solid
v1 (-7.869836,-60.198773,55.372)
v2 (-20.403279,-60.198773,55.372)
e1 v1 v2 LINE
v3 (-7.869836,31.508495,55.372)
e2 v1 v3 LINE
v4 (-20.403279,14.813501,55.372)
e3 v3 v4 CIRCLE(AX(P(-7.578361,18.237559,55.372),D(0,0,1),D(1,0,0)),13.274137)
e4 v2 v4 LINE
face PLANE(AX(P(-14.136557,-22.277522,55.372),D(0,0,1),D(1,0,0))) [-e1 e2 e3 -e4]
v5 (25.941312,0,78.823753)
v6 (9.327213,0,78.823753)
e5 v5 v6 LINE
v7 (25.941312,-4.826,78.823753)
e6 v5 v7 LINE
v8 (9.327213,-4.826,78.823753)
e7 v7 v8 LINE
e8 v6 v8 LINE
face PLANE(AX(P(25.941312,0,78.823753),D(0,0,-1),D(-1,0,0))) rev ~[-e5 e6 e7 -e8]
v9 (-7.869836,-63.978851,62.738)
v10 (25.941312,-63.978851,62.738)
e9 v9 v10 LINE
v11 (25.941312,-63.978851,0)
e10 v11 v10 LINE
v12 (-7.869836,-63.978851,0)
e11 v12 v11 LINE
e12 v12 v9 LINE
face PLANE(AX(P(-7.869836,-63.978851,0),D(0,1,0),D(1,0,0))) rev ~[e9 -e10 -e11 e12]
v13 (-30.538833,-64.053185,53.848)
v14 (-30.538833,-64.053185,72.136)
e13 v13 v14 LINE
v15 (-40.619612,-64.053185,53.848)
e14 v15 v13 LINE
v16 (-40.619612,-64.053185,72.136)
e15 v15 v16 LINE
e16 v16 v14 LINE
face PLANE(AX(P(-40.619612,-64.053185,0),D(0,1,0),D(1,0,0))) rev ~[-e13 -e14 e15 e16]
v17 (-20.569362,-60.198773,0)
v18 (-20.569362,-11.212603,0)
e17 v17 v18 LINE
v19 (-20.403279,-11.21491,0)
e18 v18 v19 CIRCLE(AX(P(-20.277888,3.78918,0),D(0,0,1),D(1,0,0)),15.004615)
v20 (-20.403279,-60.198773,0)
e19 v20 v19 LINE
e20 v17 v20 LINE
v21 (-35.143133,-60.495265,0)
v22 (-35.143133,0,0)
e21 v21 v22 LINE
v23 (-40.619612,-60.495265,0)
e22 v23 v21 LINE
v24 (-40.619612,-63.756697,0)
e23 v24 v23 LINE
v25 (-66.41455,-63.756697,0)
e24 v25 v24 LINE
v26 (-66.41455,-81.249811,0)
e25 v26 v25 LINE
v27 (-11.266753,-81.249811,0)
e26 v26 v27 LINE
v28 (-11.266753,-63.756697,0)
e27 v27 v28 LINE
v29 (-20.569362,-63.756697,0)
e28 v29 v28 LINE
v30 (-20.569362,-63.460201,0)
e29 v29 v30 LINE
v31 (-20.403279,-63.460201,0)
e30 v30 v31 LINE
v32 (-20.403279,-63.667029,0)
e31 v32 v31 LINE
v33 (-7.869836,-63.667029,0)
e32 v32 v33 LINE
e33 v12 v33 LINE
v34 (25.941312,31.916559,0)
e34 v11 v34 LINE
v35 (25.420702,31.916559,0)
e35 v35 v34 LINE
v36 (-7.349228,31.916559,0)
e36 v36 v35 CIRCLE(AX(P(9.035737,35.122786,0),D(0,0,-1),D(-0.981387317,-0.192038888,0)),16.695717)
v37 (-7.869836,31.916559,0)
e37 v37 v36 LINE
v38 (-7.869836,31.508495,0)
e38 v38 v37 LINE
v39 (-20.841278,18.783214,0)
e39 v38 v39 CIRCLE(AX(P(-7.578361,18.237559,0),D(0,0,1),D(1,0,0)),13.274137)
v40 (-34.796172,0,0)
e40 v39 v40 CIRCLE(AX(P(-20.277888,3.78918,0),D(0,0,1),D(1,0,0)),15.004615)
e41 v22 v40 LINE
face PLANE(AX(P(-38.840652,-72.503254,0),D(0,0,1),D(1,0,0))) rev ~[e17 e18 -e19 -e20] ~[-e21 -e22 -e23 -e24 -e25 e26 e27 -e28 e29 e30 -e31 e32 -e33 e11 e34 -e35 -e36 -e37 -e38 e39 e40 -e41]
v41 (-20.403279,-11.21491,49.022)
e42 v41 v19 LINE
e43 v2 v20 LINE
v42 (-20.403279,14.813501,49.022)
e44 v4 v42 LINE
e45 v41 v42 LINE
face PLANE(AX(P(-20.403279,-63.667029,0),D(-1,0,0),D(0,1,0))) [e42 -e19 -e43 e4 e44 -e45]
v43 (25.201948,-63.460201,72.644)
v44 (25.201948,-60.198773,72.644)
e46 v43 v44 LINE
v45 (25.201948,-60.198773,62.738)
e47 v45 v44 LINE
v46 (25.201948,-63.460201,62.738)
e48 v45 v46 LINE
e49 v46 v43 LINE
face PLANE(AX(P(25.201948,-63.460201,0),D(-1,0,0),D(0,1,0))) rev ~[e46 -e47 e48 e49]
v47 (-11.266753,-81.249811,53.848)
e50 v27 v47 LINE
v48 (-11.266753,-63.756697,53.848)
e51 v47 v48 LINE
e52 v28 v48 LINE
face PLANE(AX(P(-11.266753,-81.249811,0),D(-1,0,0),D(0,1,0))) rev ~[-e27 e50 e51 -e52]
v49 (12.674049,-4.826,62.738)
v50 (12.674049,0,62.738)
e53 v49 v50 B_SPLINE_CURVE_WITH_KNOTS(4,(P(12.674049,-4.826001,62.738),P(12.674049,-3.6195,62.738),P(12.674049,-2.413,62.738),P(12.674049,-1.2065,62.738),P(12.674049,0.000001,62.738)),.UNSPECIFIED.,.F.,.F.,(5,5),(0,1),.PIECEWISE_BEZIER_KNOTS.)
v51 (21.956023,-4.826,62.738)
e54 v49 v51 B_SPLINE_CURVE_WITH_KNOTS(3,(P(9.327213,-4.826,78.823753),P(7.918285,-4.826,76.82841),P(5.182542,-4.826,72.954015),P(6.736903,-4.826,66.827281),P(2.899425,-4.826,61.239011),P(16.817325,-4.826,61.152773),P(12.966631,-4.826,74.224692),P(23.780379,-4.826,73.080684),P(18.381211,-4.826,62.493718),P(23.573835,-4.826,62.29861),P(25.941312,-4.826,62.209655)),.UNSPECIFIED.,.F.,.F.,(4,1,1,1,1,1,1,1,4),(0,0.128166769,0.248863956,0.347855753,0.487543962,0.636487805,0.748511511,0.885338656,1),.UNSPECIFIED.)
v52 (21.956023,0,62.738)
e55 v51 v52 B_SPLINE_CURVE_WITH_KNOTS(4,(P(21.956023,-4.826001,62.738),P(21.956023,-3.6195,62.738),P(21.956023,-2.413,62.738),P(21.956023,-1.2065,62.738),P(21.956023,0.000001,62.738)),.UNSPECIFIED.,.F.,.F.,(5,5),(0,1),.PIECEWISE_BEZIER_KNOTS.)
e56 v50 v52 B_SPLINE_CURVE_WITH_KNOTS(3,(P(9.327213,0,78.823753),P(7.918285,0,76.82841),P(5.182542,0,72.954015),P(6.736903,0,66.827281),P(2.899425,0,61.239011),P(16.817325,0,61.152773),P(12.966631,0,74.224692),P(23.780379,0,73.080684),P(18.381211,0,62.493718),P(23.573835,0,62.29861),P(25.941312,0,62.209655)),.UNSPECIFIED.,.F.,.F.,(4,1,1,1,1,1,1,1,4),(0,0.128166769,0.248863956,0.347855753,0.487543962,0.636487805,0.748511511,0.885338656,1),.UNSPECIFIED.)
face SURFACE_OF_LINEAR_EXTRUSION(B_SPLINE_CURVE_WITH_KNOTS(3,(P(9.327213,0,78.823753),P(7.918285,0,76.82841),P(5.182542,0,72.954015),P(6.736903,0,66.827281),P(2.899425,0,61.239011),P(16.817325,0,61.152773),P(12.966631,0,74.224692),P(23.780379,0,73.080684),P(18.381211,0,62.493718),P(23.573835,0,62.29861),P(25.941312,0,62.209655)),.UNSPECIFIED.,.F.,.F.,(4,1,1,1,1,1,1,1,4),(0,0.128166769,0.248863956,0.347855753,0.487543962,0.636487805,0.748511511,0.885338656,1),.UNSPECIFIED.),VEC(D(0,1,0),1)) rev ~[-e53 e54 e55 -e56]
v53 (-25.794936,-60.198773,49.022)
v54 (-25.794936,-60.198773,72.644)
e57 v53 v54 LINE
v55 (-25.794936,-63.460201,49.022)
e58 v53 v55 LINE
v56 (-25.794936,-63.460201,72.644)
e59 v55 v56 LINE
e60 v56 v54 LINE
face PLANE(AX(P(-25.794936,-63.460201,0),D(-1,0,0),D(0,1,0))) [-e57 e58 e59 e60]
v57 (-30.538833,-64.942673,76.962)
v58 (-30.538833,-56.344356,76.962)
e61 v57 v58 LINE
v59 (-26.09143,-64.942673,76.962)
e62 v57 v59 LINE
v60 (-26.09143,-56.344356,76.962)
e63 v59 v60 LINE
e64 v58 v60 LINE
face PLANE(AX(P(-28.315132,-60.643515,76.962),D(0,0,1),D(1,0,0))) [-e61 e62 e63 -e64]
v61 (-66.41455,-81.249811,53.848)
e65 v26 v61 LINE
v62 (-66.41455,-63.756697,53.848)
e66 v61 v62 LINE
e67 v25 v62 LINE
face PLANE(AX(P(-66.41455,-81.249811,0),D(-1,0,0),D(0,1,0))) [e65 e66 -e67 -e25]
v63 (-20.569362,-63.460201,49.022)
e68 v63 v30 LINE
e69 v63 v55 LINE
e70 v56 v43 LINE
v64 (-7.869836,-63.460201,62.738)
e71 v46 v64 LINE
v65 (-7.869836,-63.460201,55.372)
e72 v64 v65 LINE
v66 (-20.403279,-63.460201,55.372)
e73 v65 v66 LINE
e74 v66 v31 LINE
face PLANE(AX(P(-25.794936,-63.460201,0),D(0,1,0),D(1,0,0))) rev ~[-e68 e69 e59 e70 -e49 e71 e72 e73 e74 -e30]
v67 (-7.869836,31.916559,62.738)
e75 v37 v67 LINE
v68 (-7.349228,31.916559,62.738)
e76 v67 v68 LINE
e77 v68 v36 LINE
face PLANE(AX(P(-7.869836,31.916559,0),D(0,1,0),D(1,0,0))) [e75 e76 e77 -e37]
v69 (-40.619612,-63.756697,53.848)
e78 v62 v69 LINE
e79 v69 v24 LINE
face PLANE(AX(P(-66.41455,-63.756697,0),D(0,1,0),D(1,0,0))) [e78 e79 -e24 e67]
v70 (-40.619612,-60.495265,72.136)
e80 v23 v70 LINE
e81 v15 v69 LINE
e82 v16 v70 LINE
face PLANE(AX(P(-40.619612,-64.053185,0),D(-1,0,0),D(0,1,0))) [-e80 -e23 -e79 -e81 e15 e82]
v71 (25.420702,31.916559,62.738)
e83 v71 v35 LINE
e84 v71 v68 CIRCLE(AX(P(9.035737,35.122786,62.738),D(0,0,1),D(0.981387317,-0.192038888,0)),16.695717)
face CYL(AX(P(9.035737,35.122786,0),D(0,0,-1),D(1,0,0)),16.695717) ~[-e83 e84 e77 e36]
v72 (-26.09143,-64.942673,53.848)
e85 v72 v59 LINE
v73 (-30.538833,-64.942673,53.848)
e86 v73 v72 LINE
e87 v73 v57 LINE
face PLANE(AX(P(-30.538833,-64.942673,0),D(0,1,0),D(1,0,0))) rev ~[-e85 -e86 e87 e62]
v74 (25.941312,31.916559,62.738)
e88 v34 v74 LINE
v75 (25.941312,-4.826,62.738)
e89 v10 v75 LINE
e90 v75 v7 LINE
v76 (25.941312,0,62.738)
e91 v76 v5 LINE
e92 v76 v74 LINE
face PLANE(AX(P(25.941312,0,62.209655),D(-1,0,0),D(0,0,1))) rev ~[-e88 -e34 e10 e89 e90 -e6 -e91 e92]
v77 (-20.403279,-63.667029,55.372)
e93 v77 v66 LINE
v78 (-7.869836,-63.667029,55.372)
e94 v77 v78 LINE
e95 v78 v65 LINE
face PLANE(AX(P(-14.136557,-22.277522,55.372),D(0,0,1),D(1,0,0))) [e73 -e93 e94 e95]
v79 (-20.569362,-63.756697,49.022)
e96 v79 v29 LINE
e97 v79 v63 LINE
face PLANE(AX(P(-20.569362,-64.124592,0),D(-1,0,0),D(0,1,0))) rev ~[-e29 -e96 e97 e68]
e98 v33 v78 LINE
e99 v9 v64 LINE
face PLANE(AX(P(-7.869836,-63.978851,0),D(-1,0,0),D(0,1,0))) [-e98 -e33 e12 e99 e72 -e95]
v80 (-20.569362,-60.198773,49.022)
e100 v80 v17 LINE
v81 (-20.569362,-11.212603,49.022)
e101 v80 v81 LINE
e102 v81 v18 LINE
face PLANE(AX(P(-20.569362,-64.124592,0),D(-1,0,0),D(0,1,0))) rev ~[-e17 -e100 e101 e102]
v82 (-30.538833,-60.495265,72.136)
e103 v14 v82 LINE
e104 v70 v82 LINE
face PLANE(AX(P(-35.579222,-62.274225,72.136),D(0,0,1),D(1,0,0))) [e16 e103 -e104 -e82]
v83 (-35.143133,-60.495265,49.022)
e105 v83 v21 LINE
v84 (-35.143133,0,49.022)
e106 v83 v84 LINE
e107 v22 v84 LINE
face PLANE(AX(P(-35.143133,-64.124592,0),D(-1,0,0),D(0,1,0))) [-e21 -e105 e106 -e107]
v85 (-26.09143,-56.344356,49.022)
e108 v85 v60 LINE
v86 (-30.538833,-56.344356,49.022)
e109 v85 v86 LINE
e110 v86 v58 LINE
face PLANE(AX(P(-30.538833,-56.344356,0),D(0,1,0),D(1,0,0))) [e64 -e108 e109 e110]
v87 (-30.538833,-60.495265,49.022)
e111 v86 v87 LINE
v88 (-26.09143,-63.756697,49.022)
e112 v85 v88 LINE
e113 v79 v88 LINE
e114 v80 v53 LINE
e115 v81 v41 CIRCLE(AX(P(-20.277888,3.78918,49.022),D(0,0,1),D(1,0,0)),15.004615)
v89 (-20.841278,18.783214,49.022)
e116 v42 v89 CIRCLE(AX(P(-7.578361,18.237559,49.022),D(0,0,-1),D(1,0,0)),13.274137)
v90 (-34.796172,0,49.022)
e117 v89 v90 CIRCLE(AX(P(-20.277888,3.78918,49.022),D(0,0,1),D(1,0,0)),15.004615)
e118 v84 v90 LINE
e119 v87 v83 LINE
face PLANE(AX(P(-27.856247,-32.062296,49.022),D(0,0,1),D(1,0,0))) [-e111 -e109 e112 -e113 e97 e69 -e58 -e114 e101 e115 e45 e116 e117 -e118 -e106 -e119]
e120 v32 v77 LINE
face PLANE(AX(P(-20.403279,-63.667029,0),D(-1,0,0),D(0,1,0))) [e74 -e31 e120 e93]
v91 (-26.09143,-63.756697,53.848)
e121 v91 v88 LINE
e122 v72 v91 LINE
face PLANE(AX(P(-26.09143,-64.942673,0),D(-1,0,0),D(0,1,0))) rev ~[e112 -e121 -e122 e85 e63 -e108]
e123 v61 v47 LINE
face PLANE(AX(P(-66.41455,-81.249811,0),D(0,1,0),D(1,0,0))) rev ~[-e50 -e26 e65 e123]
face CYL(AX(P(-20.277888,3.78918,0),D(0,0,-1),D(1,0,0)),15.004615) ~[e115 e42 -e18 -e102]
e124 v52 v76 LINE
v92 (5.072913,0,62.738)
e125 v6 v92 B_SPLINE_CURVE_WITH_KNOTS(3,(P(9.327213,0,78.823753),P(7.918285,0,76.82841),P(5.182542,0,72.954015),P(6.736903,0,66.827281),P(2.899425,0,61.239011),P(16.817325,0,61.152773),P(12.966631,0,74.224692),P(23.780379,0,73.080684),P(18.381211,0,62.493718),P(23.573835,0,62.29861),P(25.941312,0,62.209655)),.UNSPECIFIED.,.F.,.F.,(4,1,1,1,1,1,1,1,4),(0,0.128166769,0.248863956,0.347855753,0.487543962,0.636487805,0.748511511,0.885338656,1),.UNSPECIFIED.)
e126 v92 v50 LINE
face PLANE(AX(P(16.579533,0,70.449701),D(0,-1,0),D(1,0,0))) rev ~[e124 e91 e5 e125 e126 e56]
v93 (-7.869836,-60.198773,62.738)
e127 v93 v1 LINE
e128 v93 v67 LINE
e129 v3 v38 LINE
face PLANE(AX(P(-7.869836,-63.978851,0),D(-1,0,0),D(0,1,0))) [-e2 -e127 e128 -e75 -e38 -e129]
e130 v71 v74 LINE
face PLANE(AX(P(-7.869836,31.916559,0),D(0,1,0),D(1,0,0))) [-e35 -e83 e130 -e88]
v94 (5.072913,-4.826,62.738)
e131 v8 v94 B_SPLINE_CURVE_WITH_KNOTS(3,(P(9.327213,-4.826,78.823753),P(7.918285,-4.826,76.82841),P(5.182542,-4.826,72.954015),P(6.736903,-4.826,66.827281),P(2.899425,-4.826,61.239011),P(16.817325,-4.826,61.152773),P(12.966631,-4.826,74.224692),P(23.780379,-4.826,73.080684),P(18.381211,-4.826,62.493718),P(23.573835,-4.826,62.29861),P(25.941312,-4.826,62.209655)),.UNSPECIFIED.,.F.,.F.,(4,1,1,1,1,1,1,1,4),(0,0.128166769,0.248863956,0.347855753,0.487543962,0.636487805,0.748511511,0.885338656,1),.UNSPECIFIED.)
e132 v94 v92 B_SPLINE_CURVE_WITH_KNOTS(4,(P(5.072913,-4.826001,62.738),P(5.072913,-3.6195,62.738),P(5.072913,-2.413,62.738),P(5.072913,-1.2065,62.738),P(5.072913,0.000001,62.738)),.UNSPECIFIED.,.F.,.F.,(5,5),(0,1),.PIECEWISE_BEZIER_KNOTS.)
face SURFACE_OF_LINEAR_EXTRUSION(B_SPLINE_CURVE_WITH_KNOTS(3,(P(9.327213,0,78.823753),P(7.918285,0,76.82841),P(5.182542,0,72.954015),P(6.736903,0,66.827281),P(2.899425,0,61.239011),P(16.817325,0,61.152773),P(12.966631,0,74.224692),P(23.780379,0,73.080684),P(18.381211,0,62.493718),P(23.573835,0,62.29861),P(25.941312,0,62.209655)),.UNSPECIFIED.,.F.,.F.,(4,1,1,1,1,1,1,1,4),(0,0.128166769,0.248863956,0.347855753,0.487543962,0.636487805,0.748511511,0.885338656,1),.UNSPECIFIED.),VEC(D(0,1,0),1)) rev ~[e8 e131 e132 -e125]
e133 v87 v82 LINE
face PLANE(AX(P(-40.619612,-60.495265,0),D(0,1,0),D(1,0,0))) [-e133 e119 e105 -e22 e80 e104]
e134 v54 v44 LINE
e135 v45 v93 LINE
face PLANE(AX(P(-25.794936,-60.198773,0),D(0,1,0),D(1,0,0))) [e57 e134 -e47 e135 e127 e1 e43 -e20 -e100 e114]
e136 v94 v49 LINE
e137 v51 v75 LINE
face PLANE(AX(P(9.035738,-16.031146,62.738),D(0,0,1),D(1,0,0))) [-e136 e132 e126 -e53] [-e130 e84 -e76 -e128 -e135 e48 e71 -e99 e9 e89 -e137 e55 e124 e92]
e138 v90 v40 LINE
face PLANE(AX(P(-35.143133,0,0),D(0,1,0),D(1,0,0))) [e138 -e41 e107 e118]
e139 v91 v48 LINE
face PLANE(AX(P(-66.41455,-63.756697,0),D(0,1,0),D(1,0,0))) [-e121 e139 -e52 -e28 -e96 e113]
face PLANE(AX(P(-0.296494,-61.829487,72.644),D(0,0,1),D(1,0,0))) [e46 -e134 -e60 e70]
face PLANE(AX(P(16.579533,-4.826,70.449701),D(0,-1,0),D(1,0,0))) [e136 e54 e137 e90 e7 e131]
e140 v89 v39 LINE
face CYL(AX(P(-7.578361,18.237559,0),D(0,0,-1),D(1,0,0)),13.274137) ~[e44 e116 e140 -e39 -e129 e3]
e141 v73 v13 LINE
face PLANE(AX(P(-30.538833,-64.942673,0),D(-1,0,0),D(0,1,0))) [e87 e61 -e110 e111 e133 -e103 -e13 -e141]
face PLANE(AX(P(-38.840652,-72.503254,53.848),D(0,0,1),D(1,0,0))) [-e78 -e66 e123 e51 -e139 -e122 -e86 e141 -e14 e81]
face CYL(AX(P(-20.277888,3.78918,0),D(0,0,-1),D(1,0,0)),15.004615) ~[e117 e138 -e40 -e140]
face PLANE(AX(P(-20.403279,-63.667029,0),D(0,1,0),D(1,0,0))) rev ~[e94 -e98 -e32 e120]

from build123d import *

# Parameters (mm, degrees)
F0_R      = 16.6957172427
F1_DEPTH  = 62.738
F2_W      = 33.8111482561
F2_H      = 95.895409584
F3_DEPTH  = 62.738
F4_R      = 13.2741365626
F5_DEPTH  = 55.372
F6_W      = 12.5334430486
F6_H      = 82.7790144831
F7_DEPTH  = 55.372
F8_R      = 15.0046147667
F9_DEPTH  = 49.022
F10_W     = 14.5737715065
F10_H     = 64.1245916486
F11_DEPTH = 49.022
F13_DEPTH = 4.826
F14_W     = 4.4474024326
F14_H     = 8.5983164608
F15_DEPTH = 76.962
F16_W     = 50.9968847036
F16_H     = 3.2614283264
F17_DEPTH = 72.644
F18_W     = 10.0807789713
F18_H     = 3.5579204559
F19_DEPTH = 72.136
F20_W     = 55.1477968693
F20_H     = 17.4931138754
F21_DEPTH = 53.848


with BuildPart() as f1:
    # F0 (on Top) → F1 (new body)
    with BuildSketch(Plane.XY):
        with Locations((9.0357372537, 35.1227857172)):
            Circle(F0_R)
    extrude(amount=F1_DEPTH)

    # F2 (on Top) → F3 (join)
    with BuildSketch(Plane.XY):
        with Locations((9.035738185, -16.0311460495)):
            Rectangle(F2_W, F2_H)
    extrude(amount=F3_DEPTH)

    # F4 (on Top) → F5 (join)
    with BuildSketch(Plane.XY):
        with Locations((-7.5783608481, 18.2375591248)):
            Circle(F4_R)
    extrude(amount=F5_DEPTH)

    # F6 (on Top) → F7 (join)
    with BuildSketch(Plane.XY):
        with Locations((-14.1365574673, -22.2775219008)):
            Rectangle(F6_W, F6_H)
    extrude(amount=F7_DEPTH)

    # F8 (on Top) → F9 (join)
    with BuildSketch(Plane.XY):
        with Locations((-20.2778875828, 3.7891804241)):
            Circle(F8_R)
    extrude(amount=F9_DEPTH)

    # F10 (on Top) → F11 (join)
    with BuildSketch(Plane.XY):
        with Locations((-27.8562474996, -32.0622958243)):
            Rectangle(F10_W, F10_H)
    extrude(amount=F11_DEPTH)

    # F12 (on Front) → F13 (join)
    with BuildSketch(Plane.XZ):
        with BuildLine():
            add(Edge.make_bspline(
                [(9.3272132799, 78.8237527013), (7.9182853633, 76.8284104093), (5.182542099, 72.9540147279), (6.7369025998, 66.8272809439), (2.8994250841, 61.239011136), (16.8173248262, 61.1527732675), (12.9666307345, 74.2246924308), (23.7803791476, 73.080684286), (18.3812111376, 62.4937182841), (23.573835168, 62.2986103244), (25.9413123131, 62.2096545994)],
                knots=[0, 0, 0, 0, 0.128166769, 0.248863956, 0.3478557526, 0.4875439615, 0.6364878053, 0.7485115106, 0.8853386559, 1, 1, 1, 1], degree=3))
            Line((25.9413123131, 62.2096545994), (25.9413123131, 78.8237527013))
            Line((25.9413123131, 78.8237527013), (9.3272132799, 78.8237527013))
        make_face()
    extrude(amount=F13_DEPTH)

    # F14 (on Top) → F15 (join)
    with BuildSketch(Plane.XY):
        with Locations((-28.3151315525, -60.6435146183)):
            Rectangle(F14_W, F14_H)
    extrude(amount=F15_DEPTH)

    # F16 (on Top) → F17 (join)
    with BuildSketch(Plane.XY):
        with Locations((-0.2964939922, -61.8294868618)):
            Rectangle(F16_W, F16_H)
    extrude(amount=F17_DEPTH)

    # F18 (on Top) → F19 (join)
    with BuildSketch(Plane.XY):
        with Locations((-35.5792222545, -62.2742250562)):
            Rectangle(F18_W, F18_H)
    extrude(amount=F19_DEPTH)

    # F20 (on Top) → F21 (join)
    with BuildSketch(Plane.XY):
        with Locations((-38.8406515121, -72.5032538176)):
            Rectangle(F20_W, F20_H)
    extrude(amount=F21_DEPTH)


solid = f1.part
